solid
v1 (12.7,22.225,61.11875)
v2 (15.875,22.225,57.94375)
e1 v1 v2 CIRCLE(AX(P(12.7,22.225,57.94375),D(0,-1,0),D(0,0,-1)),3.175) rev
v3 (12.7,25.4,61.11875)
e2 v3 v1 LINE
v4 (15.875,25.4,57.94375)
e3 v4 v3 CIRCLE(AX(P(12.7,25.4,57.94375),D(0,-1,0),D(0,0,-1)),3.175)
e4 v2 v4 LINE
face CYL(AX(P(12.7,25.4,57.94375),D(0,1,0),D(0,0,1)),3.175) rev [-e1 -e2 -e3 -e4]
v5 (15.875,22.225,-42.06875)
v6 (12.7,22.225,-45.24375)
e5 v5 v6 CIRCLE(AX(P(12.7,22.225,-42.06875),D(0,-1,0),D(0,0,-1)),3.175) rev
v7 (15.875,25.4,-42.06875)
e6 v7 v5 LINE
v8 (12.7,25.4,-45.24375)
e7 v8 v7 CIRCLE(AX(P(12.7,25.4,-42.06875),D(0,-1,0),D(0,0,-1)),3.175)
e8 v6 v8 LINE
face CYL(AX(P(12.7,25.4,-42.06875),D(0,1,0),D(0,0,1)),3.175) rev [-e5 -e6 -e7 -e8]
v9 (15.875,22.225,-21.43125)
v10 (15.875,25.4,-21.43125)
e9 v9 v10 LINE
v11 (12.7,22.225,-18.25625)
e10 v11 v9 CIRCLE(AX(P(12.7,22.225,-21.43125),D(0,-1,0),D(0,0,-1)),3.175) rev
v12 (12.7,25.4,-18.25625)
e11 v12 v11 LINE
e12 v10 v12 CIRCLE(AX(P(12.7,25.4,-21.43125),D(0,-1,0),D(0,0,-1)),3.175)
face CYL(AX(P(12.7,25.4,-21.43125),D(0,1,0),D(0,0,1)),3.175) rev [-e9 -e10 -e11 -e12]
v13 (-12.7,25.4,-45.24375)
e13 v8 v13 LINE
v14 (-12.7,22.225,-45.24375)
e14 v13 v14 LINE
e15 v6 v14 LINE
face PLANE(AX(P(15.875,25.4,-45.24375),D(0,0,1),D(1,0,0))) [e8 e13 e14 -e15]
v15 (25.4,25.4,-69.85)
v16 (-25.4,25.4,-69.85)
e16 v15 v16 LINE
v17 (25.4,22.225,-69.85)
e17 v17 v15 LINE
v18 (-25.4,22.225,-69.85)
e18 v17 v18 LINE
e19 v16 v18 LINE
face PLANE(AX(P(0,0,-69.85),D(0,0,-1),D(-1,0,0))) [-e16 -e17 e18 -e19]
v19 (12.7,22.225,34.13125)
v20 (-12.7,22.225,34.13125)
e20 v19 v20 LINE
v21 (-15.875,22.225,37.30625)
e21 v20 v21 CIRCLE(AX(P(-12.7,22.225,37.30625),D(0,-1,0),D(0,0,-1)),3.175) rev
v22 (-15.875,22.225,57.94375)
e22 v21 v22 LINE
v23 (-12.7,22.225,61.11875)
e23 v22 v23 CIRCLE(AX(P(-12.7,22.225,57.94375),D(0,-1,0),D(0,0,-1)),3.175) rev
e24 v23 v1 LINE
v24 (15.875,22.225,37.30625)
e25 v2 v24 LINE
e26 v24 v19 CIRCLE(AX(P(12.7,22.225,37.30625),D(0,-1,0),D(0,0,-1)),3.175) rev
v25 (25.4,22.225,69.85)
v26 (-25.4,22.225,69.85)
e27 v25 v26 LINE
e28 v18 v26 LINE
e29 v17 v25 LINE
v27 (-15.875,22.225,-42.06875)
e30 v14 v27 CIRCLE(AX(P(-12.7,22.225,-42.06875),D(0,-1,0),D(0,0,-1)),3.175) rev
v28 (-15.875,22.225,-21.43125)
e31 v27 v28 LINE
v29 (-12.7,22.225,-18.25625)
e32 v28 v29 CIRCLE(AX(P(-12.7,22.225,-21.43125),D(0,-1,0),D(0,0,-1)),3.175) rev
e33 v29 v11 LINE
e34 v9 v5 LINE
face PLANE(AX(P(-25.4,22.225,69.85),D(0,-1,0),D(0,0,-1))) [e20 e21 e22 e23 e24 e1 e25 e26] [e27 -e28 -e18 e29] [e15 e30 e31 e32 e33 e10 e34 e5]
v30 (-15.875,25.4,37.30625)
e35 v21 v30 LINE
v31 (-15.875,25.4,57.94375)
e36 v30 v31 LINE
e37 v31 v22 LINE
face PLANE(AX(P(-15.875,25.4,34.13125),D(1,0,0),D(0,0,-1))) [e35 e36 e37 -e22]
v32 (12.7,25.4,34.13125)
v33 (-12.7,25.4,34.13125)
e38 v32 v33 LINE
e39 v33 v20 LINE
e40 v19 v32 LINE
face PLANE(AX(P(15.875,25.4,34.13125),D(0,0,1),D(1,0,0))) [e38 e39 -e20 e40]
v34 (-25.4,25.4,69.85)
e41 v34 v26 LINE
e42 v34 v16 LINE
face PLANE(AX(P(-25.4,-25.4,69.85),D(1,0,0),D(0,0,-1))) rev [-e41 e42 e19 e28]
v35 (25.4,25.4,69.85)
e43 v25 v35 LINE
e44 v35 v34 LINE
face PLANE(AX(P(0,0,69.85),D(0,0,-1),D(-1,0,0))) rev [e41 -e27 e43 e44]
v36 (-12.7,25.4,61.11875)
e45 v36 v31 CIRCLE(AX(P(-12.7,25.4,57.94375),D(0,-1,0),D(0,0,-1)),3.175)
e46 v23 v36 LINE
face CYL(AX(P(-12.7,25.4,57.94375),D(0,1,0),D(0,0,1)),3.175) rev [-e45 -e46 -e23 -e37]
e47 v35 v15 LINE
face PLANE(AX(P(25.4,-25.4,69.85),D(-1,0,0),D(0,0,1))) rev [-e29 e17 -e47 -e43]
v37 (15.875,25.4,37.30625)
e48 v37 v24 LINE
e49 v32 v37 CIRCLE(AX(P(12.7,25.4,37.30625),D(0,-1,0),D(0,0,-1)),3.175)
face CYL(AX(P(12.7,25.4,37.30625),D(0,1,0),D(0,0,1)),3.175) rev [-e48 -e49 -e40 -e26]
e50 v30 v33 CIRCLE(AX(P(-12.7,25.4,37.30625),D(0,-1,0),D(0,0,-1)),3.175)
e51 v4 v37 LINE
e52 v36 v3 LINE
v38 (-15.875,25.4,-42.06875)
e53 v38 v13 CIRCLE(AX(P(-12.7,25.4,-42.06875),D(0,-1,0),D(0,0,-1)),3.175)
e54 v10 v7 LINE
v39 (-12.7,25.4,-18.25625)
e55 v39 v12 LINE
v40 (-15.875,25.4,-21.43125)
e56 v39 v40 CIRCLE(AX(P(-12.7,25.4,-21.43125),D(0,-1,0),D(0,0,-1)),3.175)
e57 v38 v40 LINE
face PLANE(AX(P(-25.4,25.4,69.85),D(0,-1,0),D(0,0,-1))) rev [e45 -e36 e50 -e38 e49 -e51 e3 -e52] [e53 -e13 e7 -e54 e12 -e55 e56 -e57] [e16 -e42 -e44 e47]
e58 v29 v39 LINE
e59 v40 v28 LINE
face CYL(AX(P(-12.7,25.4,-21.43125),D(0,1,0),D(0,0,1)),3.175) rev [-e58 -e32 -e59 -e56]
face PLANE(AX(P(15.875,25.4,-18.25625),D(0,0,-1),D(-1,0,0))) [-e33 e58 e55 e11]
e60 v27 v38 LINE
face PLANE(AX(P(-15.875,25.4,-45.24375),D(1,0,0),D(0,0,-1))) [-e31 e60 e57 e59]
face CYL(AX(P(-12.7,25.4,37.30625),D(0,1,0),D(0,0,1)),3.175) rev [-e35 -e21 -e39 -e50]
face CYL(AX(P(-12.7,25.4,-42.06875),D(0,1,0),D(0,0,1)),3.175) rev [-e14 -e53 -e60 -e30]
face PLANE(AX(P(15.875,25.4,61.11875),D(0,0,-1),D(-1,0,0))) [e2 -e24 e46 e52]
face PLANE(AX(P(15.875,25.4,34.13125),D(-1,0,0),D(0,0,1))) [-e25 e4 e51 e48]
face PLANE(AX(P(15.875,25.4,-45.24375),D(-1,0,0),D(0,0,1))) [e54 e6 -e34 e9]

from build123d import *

# Parameters (mm, degrees)
SKETCH1_W               = 50.8
SKETCH1_H               = 50.8
BOSS_EXTRUDE1_DEPTH     = 69.85
SHELL1_T                = -3.175
SKETCH2_W               = 31.75
SKETCH2_H               = 26.9875
CUT_EXTRUDE1_DEPTH      = 79.545162168
FILLET1_R               = 3.175
CUT_EXTRUDE2_DEPTH      = 79.545162168
CUT_EXTRUDE2_DEPTH_BACK = 79.545162168
SKETCH3_R               = 3.175
CUT_EXTRUDE3_DEPTH      = 79.545162168
CUT_EXTRUDE3_DEPTH_BACK = 79.545162168
SKETCH4_R               = 2.4892
CUT_EXTRUDE4_DEPTH      = 79.545162168
CUT_EXTRUDE4_DEPTH_BACK = 79.545162168
SKETCH5_R               = 2.4892
FILLET2_R               = 3.175
SKETCH6_W               = 139.7
SKETCH6_H               = 47.625
CUT_EXTRUDE5_DEPTH      = 91.02678768


with BuildPart() as part:
    # Sketch1 → Boss-Extrude1 (new, symmetric)
    with BuildSketch(Plane.XY):
        Rectangle(SKETCH1_W, SKETCH1_H)
    extrude(amount=BOSS_EXTRUDE1_DEPTH, both=True)

    # Shell1
    shell1_openings = [part.faces().sort_by_distance(p)[0] for p in [
        (0, 0, 69.85),
        (0, 0, -69.85),
    ]]
    offset(amount=SHELL1_T, openings=shell1_openings, kind=Kind.INTERSECTION)

    # Sketch2 → Cut-Extrude1 (cut, through all)
    with BuildSketch(Plane(origin=(0, 0, 0), x_dir=(1, 0, 0), z_dir=(0, 1, 0))):
        with Locations((0, 31.75)):
            Rectangle(SKETCH2_W, SKETCH2_H)
        with Locations((0, -47.625)):
            Rectangle(SKETCH2_W, SKETCH2_H)
    extrude(amount=CUT_EXTRUDE1_DEPTH, mode=Mode.SUBTRACT)

    # Fillet1
    fillet1_edges = [part.edges().sort_by_distance(p)[0] for p in [
        (15.875, 23.8125, -18.25625),
        (15.875, 23.8125, -45.24375),
        (-15.875, 23.8125, -45.24375),
        (-15.875, 23.8125, -18.25625),
    ]]
    fillet(fillet1_edges, radius=FILLET1_R)

    # Sketch3 → Cut-Extrude2 (cut, two sides: drawn at the far end of the back side and taken through both)
    with BuildSketch(Plane(origin=(0, 0, 0), x_dir=(0, 0, -1), z_dir=(1, 0, 0)).offset(-CUT_EXTRUDE2_DEPTH_BACK)):
        with Locations((31.75, 9.525)):
            Circle(SKETCH3_R)
        with Locations((-44.45, 9.525)):
            Circle(SKETCH3_R)
    extrude(amount=CUT_EXTRUDE2_DEPTH + CUT_EXTRUDE2_DEPTH_BACK, mode=Mode.SUBTRACT)

    # Sketch4 → Cut-Extrude3 (cut, two sides: drawn at the far end of the back side and taken through both)
    with BuildSketch(Plane(origin=(0, 0, 0), x_dir=(0, 0, -1), z_dir=(1, 0, 0)).offset(-CUT_EXTRUDE3_DEPTH_BACK)):
        with Locations((57.15, 12.7)):
            Circle(SKETCH4_R)
        with Locations((44.45, -12.7)):
            Circle(SKETCH4_R)
        with Locations((31.75, -12.7)):
            Circle(SKETCH4_R)
        with Locations((19.05, -12.7)):
            Circle(SKETCH4_R)
        with Locations((57.15, 0)):
            Circle(SKETCH4_R)
        with Locations((57.15, -12.7)):
            Circle(SKETCH4_R)
        with Locations((-61.9125, 12.7)):
            Circle(SKETCH4_R)
        with Locations((-11.1125, 12.7)):
            Circle(SKETCH4_R)
        with Locations((-36.5125, -12.7)):
            Circle(SKETCH4_R)
        with Locations((-11.1125, -12.7)):
            Circle(SKETCH4_R)
        with Locations((-61.9125, -12.7)):
            Circle(SKETCH4_R)
    extrude(amount=CUT_EXTRUDE3_DEPTH + CUT_EXTRUDE3_DEPTH_BACK, mode=Mode.SUBTRACT)

    # Sketch5 → Cut-Extrude4 (cut, two sides: drawn at the far end of the back side and taken through both)
    with BuildSketch(Plane(origin=(0, 0, 0), x_dir=(1, 0, 0), z_dir=(0, 1, 0)).offset(-CUT_EXTRUDE4_DEPTH_BACK)):
        with Locations(Location((-12.7, -57.15, 0), (0, 0, 270))):
            Circle(SKETCH5_R)
        with Locations(Location((0, -57.15, 0), (0, 0, 270))):
            Circle(SKETCH5_R)
        with Locations(Location((12.7, -57.15, 0), (0, 0, 270))):
            Circle(SKETCH5_R)
    extrude(amount=CUT_EXTRUDE4_DEPTH + CUT_EXTRUDE4_DEPTH_BACK, mode=Mode.SUBTRACT)

    # Fillet2
    fillet2_edges = [part.edges().sort_by_distance(p)[0] for p in [
        (15.875, 23.8125, 61.11875),
        (15.875, 23.8125, 34.13125),
        (-15.875, 23.8125, 34.13125),
        (-15.875, 23.8125, 61.11875),
    ]]
    fillet(fillet2_edges, radius=FILLET2_R)

    # Sketch6 → Cut-Extrude5 (cut, through all)
    with BuildSketch(Plane(origin=(25.4, 0, 0), x_dir=(0, 0, -1), z_dir=(1, 0, 0))):
        with Locations((0, -1.5875)):
            Rectangle(SKETCH6_W, SKETCH6_H)
    extrude(amount=-CUT_EXTRUDE5_DEPTH, mode=Mode.SUBTRACT)


solid = part.part
